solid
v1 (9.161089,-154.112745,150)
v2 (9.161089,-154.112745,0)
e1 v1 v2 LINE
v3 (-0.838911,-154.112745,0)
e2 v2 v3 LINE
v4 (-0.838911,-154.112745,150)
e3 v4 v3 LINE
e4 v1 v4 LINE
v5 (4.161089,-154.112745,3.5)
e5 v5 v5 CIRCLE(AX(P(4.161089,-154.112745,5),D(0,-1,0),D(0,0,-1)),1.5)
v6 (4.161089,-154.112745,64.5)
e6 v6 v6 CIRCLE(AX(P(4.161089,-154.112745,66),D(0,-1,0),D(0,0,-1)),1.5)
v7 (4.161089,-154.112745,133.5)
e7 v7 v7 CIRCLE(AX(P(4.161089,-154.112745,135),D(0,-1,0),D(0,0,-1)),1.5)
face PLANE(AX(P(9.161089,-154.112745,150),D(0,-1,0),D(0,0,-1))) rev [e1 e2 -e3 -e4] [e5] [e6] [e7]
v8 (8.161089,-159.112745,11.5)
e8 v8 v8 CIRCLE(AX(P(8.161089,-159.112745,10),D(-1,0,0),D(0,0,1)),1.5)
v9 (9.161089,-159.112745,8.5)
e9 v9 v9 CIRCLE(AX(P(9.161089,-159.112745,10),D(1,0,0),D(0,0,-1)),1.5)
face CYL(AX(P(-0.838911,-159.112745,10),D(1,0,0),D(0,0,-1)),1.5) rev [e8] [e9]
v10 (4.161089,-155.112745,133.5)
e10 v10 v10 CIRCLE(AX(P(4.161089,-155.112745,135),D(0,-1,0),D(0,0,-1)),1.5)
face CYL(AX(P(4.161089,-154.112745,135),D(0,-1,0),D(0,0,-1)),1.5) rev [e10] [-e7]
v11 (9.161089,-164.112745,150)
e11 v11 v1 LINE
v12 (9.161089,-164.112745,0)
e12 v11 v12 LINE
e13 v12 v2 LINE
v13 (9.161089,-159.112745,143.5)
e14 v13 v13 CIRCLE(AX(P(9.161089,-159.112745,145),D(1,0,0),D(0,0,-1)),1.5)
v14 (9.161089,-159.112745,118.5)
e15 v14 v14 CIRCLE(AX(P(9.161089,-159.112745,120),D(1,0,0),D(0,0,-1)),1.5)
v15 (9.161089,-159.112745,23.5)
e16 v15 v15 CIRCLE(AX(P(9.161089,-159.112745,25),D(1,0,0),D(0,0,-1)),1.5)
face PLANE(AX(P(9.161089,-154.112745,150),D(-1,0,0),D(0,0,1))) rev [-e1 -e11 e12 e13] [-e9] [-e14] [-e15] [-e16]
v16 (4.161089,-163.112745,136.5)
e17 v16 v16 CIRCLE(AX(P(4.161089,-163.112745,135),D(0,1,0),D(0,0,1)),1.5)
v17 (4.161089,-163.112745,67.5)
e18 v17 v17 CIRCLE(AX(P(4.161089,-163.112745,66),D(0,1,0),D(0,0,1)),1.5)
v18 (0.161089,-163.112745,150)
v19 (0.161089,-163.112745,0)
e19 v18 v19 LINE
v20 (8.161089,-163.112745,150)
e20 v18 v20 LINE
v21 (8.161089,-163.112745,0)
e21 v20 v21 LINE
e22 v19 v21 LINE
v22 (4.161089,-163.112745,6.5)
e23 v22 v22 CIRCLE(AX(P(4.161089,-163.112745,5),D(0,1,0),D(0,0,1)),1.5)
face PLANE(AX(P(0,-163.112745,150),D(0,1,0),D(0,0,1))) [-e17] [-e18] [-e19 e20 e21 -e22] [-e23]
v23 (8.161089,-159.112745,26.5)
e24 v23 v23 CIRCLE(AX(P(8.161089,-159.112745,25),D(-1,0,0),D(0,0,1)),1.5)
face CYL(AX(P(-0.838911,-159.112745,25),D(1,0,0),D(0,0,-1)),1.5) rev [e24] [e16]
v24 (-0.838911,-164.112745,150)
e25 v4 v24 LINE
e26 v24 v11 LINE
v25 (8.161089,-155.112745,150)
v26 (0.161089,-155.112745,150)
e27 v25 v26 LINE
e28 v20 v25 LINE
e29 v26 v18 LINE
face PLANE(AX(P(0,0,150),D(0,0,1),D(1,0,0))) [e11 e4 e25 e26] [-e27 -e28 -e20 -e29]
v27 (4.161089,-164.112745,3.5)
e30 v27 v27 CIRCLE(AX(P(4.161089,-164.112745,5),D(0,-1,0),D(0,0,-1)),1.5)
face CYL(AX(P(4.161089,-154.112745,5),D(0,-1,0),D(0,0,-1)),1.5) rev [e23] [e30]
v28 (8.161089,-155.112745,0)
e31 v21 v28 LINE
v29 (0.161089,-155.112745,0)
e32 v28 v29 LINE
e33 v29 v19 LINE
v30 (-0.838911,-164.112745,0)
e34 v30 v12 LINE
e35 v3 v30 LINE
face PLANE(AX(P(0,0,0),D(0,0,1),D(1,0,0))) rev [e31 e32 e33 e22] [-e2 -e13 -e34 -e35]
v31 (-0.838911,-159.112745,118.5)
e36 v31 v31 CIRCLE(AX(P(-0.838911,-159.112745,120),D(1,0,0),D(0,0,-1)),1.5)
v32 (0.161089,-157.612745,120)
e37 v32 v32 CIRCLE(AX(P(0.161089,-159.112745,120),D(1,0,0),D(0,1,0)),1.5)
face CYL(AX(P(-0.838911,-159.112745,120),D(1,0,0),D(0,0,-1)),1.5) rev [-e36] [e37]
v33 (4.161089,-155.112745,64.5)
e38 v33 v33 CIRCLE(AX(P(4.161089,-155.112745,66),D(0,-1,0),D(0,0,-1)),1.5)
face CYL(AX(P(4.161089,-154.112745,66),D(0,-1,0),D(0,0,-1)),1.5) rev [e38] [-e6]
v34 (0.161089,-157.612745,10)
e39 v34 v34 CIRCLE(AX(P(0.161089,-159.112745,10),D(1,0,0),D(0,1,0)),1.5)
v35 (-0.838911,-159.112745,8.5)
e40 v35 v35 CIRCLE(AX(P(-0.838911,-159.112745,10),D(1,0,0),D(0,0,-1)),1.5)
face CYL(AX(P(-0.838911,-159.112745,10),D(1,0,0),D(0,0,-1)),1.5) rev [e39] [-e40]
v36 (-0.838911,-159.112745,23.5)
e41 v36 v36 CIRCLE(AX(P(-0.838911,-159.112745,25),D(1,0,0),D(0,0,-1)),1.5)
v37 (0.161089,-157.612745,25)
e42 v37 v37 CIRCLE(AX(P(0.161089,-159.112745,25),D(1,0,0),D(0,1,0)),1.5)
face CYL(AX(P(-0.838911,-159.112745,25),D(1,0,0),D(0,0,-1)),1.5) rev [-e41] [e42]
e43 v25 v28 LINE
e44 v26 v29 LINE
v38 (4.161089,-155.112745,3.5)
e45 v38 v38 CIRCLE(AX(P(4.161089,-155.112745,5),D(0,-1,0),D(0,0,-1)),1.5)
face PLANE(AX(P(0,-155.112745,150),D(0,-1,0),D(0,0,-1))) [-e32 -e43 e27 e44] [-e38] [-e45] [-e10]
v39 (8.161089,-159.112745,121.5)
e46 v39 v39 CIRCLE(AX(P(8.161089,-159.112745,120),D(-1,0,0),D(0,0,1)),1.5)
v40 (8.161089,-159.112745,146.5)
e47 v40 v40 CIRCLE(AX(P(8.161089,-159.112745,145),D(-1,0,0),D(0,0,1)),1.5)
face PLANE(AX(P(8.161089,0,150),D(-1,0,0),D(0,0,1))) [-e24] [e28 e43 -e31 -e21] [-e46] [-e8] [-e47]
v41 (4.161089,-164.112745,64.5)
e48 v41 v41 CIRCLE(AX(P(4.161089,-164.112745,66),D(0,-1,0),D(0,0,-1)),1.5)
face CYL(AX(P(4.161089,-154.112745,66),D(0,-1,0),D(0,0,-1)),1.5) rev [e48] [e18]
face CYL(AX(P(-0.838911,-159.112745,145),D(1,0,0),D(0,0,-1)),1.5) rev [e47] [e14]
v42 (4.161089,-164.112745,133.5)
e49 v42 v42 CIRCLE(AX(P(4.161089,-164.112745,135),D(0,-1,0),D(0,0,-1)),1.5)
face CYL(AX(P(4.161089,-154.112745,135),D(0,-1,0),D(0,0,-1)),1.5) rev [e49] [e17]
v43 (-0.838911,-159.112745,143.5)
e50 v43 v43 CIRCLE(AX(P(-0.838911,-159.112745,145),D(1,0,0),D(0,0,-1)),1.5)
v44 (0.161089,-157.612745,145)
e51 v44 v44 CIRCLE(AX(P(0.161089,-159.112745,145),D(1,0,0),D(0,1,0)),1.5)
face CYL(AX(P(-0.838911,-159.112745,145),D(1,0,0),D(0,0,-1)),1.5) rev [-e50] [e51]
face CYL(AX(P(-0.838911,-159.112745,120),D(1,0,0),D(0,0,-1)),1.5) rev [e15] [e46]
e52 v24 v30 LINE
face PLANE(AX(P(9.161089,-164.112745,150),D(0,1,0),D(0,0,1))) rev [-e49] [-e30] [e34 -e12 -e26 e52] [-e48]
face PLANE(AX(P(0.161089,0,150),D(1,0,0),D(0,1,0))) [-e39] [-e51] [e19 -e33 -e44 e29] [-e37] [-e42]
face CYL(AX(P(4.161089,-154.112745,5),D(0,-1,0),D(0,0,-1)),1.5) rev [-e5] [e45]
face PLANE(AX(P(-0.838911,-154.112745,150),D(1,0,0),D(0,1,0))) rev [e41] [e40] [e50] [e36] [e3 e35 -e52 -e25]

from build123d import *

# Parameters (mm, degrees)
SKETCH_1_W          = 10
SKETCH_1_H          = 10
SKETCH_1_W_2        = 8
SKETCH_1_H_2        = 8
EXTRUDE_1_DEPTH     = 150
SKETCH_2_R          = 1.5
CUT_EXTRUDE_1_DEPTH = 11
SKETCH_3_R          = 1.5
CUT_EXTRUDE_2_DEPTH = 11


with BuildPart() as part:
    # 草图1 → 拉伸-薄壁1 (new body)
    with BuildSketch(Plane.XY):
        with Locations((4.161089293, -159.112745336)):
            Rectangle(SKETCH_1_W, SKETCH_1_H)
        with Locations((4.161089293, -159.112745336)):
            Rectangle(SKETCH_1_W_2, SKETCH_1_H_2, mode=Mode.SUBTRACT)
    extrude(amount=EXTRUDE_1_DEPTH)

    # 草图2 → 切除-拉伸1 (cut, through all)
    with BuildSketch(Plane.XZ.offset(164.112745336)):
        with Locations((4.161089293, 135)):
            Circle(SKETCH_2_R)
        with Locations((4.161089293, 66)):
            Circle(SKETCH_2_R)
        with Locations((4.161089293, 5)):
            Circle(SKETCH_2_R)
    extrude(amount=-CUT_EXTRUDE_1_DEPTH, mode=Mode.SUBTRACT)

    # 草图3 → 切除-拉伸2 (cut, through all)
    with BuildSketch(Plane(origin=(9.161089293, 0, 0), x_dir=(0, 0, -1), z_dir=(1, 0, 0))):
        with Locations((-25, -159.112745336)):
            Circle(SKETCH_3_R)
        with Locations((-10, -159.112745336)):
            Circle(SKETCH_3_R)
        with Locations((-120, -159.112745336)):
            Circle(SKETCH_3_R)
        with Locations((-145, -159.112745336)):
            Circle(SKETCH_3_R)
    extrude(amount=-CUT_EXTRUDE_2_DEPTH, mode=Mode.SUBTRACT)


solid = part.part
